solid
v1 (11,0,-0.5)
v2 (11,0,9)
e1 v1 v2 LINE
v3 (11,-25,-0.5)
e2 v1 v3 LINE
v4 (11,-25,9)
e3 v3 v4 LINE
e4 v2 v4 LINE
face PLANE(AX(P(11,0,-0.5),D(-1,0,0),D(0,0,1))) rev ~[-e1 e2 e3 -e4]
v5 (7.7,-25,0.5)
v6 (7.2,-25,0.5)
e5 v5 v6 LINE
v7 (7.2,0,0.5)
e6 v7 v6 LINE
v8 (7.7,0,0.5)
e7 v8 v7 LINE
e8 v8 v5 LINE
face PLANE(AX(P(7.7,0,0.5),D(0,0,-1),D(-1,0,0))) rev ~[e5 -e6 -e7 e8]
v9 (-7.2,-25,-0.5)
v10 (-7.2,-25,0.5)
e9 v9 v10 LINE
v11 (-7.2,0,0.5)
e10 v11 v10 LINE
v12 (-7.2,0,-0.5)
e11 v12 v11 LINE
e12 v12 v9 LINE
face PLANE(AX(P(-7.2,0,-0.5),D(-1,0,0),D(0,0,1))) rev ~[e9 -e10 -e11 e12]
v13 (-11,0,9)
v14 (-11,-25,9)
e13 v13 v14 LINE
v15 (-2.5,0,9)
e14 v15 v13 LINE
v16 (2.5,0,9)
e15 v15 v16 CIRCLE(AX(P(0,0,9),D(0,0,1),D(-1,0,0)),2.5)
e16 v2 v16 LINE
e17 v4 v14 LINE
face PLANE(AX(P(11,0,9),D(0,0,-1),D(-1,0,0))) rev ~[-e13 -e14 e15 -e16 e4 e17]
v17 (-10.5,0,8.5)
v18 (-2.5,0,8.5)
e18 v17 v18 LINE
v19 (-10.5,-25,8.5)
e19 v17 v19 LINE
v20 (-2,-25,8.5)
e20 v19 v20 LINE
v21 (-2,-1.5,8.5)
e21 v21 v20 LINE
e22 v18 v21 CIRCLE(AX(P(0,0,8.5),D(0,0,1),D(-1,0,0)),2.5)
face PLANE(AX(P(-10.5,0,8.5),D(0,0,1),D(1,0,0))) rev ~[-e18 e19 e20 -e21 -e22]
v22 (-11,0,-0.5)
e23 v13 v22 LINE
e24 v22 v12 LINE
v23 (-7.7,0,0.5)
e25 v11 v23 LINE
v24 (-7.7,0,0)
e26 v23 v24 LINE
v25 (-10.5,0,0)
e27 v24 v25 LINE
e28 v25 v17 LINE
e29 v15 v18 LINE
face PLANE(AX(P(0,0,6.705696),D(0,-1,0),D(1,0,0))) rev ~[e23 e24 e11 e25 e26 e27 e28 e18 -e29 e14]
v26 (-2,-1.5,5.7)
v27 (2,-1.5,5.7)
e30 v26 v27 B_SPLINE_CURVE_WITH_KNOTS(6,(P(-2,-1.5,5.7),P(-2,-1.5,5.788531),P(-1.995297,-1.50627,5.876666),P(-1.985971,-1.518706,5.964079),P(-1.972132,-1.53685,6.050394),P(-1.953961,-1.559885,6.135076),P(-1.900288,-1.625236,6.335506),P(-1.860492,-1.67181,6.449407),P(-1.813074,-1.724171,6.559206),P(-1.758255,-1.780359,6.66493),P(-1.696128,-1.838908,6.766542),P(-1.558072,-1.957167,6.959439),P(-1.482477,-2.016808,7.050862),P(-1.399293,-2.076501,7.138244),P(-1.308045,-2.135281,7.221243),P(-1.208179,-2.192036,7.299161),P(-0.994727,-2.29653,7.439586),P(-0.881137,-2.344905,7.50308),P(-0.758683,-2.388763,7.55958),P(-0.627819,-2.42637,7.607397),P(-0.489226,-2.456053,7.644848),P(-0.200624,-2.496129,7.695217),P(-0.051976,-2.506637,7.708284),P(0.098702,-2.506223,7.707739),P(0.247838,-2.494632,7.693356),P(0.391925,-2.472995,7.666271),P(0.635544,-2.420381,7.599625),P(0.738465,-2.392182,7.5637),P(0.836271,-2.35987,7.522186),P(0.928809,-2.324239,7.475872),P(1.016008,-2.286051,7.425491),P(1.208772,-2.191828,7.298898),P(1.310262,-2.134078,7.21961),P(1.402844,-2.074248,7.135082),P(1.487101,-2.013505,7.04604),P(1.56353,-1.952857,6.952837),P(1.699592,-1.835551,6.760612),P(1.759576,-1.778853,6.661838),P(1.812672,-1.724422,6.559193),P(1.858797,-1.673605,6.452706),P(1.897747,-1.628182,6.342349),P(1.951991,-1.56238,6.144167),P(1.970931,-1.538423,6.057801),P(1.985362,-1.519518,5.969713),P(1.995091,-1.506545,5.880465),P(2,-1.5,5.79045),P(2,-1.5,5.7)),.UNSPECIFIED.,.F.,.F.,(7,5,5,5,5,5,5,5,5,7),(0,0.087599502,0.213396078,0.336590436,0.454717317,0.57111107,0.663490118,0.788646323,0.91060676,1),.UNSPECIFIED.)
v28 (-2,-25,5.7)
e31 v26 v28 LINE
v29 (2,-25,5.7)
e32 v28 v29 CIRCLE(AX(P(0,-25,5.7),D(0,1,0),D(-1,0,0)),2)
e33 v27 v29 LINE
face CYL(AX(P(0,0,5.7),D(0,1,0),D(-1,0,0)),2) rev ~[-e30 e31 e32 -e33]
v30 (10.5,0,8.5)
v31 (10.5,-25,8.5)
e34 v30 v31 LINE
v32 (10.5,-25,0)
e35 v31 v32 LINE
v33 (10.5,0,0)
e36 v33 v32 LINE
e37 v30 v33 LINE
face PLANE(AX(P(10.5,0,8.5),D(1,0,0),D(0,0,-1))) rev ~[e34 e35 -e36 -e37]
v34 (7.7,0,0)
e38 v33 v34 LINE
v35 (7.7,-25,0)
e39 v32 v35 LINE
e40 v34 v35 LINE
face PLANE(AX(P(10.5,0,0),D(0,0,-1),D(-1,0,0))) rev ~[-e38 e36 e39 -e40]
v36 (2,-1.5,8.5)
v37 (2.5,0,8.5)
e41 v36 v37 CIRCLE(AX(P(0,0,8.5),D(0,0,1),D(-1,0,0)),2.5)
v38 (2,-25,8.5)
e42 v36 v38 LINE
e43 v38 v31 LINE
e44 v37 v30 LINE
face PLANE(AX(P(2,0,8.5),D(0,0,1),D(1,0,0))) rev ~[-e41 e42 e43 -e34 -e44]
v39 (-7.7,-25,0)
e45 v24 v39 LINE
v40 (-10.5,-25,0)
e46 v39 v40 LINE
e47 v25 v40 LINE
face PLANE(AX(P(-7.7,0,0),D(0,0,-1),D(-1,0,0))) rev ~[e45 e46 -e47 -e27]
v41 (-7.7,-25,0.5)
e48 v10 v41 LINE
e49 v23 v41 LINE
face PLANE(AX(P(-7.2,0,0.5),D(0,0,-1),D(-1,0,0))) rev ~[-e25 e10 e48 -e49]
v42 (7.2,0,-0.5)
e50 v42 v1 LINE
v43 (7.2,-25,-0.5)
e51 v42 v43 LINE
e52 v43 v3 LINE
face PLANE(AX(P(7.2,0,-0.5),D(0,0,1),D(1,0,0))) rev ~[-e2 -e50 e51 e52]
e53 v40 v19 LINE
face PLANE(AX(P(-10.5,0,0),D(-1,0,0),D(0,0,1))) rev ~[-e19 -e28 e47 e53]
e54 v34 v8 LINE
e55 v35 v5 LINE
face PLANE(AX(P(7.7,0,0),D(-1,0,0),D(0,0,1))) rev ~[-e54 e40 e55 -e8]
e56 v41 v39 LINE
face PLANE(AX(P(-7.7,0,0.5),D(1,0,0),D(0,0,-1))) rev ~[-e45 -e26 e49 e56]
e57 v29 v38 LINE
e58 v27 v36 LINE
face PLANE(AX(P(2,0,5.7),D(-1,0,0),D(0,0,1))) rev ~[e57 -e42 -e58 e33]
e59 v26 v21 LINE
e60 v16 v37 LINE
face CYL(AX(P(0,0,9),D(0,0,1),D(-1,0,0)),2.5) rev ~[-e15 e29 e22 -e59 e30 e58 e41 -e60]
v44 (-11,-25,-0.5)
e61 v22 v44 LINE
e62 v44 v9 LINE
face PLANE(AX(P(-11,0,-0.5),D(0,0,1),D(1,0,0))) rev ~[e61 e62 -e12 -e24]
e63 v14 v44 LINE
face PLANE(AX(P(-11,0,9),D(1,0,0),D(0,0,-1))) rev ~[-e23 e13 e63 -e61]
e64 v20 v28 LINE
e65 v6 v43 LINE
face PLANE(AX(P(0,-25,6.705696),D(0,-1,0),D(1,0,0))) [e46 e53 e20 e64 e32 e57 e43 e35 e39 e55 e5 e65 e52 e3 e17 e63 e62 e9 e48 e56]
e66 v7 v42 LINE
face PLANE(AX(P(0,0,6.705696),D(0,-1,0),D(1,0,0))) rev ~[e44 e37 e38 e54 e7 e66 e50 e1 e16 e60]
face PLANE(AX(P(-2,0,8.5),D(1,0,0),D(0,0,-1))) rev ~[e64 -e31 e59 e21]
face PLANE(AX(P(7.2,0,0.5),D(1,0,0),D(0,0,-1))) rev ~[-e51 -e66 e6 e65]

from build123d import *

# Parameters (mm, degrees)
F1_DEPTH = 25
F3_DEPTH = 9.501


with BuildPart() as f1:
    # F0 (on Front) → F1 (new body)
    with BuildSketch(Plane.XZ):
        Polygon((-11, 0), (-10.5, 0), (-10.5, 8.5), (-2, 8.5), (0, 8.5), (2, 8.5), (10.5, 8.5), (10.5, 0), (11, 0), (11, 9), (0, 9), (-11, 9), align=None)
        Polygon((-7.7, 0), (-10.5, 0), (-11, 0), (-11, -0.5), (-7.2, -0.5), (-7.2, 0.5), (-7.7, 0.5), align=None)
        with BuildLine():
            Line((0, 8.5), (-2, 8.5))
            Line((-2, 8.5), (-2, 5.7))
            ThreePointArc((-2, 5.7), (0, 7.7), (2, 5.7))
            Line((2, 5.7), (2, 8.5))
            Line((2, 8.5), (0, 8.5))
        make_face()
        Polygon((11, -0.5), (11, 0), (10.5, 0), (7.7, 0), (7.7, 0.5), (7.2, 0.5), (7.2, -0.5), align=None)
    extrude(amount=F1_DEPTH)

    # F2 (on face) → F3 (cut, through all)
    with BuildSketch(Plane.XY.offset(9)):
        with BuildLine():
            Line((0, 0), (-2.5, 0))
            ThreePointArc((-2.5, 0), (0, -2.5), (2.5, 0))
            Line((2.5, 0), (0, 0))
        make_face()
    extrude(amount=-F3_DEPTH, mode=Mode.SUBTRACT)


solid = f1.part
